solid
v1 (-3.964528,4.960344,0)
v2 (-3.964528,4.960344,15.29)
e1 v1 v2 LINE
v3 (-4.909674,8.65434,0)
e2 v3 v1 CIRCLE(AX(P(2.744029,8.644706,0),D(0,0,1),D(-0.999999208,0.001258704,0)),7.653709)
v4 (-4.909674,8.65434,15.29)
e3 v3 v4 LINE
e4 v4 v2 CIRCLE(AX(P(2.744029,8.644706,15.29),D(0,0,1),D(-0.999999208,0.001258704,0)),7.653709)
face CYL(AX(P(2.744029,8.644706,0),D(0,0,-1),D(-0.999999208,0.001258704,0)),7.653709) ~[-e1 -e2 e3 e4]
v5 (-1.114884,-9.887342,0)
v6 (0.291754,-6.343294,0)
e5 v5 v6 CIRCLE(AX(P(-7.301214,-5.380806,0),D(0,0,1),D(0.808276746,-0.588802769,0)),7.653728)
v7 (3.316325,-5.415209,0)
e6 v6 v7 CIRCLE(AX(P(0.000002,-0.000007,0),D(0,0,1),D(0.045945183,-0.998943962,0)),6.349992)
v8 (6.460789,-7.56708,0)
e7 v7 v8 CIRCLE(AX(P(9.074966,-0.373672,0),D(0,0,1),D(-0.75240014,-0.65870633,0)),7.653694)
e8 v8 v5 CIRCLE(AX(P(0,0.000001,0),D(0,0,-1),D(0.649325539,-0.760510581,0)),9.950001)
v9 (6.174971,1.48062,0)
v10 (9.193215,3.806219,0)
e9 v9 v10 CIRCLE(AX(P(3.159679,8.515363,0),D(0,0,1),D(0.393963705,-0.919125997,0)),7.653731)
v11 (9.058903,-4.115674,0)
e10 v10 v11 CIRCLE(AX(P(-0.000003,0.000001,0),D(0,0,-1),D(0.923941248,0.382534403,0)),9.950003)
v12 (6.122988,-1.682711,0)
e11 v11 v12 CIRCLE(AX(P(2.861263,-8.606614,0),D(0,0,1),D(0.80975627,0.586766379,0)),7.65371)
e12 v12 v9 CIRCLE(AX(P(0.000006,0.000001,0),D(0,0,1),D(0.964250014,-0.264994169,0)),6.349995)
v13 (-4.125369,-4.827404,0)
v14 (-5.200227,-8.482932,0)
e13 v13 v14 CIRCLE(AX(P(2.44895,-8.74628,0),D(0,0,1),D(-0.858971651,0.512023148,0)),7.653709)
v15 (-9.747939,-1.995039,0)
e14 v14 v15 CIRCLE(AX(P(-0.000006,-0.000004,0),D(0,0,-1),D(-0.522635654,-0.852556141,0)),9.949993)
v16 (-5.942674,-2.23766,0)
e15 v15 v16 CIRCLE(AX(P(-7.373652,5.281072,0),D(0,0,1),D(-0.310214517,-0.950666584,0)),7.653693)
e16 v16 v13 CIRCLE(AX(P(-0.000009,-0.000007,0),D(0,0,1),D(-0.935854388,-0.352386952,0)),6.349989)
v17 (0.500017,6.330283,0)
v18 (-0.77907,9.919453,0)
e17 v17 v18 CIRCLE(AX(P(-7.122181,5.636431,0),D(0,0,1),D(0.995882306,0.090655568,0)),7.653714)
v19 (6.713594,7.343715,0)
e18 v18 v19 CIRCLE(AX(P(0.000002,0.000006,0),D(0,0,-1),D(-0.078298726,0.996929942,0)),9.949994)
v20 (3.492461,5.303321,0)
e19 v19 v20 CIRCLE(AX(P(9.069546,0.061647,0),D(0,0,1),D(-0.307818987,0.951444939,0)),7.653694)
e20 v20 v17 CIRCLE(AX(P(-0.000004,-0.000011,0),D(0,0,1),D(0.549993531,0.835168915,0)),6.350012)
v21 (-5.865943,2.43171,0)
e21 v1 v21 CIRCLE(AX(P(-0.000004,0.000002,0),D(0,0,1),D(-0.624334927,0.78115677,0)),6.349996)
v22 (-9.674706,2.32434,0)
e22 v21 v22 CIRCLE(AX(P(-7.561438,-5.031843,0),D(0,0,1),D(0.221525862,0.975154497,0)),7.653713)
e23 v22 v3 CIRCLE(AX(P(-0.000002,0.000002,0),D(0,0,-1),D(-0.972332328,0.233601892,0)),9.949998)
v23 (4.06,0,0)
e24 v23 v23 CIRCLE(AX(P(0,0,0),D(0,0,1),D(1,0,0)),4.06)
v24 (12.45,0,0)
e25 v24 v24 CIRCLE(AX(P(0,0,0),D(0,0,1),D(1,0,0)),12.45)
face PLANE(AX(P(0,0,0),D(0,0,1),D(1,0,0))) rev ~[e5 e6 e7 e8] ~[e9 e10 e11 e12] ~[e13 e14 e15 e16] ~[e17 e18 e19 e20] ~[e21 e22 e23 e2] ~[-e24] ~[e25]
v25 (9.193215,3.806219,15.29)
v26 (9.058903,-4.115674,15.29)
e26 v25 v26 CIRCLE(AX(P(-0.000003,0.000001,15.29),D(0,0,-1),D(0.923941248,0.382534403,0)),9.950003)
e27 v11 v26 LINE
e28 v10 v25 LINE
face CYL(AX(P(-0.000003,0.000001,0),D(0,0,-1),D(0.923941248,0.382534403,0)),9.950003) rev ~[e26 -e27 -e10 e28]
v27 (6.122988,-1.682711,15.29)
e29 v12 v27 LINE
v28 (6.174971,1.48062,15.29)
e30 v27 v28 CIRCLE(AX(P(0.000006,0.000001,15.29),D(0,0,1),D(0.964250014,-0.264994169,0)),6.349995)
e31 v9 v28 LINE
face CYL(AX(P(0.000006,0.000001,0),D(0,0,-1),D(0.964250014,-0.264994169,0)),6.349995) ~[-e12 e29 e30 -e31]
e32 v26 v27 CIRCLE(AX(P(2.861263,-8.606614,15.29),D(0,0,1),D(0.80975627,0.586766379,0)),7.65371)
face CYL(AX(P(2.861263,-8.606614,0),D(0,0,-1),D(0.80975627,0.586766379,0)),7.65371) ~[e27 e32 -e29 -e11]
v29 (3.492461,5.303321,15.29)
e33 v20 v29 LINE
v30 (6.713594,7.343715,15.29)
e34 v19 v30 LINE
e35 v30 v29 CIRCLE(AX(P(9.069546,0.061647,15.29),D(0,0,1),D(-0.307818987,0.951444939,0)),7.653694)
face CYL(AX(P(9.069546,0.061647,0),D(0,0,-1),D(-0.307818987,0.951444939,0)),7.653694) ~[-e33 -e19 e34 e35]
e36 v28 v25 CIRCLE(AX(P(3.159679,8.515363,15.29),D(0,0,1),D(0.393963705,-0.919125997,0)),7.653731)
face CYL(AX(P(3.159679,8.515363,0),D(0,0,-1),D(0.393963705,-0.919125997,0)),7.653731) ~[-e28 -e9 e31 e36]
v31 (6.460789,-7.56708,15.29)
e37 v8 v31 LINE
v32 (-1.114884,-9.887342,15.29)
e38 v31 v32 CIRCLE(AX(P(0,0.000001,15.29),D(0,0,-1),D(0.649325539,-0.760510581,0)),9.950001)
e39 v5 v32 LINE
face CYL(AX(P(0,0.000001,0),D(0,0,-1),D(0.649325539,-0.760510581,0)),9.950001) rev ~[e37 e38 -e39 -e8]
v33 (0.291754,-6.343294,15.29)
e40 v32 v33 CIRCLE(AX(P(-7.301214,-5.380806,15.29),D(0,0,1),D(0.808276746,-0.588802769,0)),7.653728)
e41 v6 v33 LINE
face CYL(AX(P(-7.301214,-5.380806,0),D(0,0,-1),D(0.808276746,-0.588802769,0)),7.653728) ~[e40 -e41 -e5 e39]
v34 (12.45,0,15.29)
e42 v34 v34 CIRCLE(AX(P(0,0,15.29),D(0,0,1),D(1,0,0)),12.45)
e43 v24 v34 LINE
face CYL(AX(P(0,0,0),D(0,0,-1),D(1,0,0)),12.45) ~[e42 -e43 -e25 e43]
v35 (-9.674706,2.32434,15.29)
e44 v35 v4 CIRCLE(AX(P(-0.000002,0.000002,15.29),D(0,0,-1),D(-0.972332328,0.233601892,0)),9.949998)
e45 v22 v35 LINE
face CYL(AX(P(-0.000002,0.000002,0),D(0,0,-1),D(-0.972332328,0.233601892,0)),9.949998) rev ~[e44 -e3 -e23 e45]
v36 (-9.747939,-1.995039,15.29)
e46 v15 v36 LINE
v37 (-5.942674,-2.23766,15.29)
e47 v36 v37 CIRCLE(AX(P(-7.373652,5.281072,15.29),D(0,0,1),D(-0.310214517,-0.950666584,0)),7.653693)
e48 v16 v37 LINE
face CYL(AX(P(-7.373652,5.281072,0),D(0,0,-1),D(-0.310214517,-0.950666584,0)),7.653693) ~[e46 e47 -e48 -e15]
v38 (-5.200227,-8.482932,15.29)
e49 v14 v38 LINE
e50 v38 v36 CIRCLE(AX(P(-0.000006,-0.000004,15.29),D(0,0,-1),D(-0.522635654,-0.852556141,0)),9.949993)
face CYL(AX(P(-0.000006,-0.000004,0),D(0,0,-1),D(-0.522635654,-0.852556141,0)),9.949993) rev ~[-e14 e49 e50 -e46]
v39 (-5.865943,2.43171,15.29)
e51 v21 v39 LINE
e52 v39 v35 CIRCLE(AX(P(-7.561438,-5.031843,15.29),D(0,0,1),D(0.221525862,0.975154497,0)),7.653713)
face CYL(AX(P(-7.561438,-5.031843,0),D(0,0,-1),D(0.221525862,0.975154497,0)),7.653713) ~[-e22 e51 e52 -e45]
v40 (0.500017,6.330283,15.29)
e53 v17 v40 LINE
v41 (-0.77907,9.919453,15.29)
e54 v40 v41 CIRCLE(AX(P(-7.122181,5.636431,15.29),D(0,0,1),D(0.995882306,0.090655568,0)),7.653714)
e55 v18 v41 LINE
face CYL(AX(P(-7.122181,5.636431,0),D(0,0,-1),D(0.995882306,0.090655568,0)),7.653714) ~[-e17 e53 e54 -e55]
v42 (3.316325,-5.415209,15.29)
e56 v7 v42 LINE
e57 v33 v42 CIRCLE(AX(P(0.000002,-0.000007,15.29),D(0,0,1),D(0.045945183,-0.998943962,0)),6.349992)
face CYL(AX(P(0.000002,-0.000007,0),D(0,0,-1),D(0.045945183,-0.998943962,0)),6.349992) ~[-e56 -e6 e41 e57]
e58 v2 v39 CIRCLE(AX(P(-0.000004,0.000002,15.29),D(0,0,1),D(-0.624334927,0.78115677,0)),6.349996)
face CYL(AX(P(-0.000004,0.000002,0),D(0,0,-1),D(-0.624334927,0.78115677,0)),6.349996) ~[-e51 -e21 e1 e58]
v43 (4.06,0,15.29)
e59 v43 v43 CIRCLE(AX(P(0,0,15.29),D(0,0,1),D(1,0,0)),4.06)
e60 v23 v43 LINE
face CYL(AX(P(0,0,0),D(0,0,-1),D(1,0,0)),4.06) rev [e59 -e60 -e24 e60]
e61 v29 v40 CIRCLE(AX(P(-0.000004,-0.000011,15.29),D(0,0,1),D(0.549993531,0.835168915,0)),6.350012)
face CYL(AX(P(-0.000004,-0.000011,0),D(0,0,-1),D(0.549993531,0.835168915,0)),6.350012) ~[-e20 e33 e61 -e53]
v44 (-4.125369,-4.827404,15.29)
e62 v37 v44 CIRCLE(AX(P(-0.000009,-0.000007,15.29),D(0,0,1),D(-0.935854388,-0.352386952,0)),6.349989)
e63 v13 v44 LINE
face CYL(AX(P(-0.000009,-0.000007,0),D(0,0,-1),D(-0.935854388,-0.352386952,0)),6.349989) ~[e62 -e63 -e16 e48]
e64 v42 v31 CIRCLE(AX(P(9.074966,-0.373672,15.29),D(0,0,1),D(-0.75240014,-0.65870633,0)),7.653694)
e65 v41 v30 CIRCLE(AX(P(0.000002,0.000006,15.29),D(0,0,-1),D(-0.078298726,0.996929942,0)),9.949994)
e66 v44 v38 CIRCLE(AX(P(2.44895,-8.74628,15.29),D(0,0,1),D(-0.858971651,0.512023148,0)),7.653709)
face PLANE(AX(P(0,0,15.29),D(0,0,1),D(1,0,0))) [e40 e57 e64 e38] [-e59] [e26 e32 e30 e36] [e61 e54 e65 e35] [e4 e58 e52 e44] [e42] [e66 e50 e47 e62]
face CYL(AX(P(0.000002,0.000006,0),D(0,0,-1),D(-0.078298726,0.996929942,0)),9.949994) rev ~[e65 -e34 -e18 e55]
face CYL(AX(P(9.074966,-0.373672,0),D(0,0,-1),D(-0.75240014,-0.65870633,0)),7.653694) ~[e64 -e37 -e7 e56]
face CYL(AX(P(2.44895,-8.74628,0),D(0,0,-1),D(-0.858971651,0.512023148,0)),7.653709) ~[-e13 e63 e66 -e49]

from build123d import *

# Parameters (mm, degrees)
F0_R     = 12.45
F0_R_2   = 4.06
F1_DEPTH = 15.29


with BuildPart() as f1:
    # F0 (on Top) → F1 (new body)
    with BuildSketch(Plane.XY):
        Circle(F0_R)
        with BuildLine():
            ThreePointArc((-5.200227, -8.482932), (-8.147706, -5.711164), (-9.747939, -1.995039))
            ThreePointArc((-9.747939, -1.995039), (-7.860658, -2.357112), (-5.942674, -2.23766))
            ThreePointArc((-5.942674, -2.23766), (-5.197891, -3.647524), (-4.125369, -4.827404))
            ThreePointArc((-4.125369, -4.827404), (-4.893916, -6.587211), (-5.200227, -8.482932))
        make_face(mode=Mode.SUBTRACT)
        Circle(F0_R_2, mode=Mode.SUBTRACT)
        with BuildLine():
            ThreePointArc((6.460789, -7.56708), (2.91386, -9.513775), (-1.114884, -9.887342))
            ThreePointArc((-1.114884, -9.887342), (-0.187331, -8.204317), (0.291754, -6.343294))
            ThreePointArc((0.291754, -6.343294), (1.862765, -6.070635), (3.316325, -5.415209))
            ThreePointArc((3.316325, -5.415209), (4.752506, -6.689951), (6.460789, -7.56708))
        make_face(mode=Mode.SUBTRACT)
        with BuildLine():
            ThreePointArc((9.193215, 3.806219), (9.94857, -0.168673), (9.058903, -4.115674))
            ThreePointArc((9.058903, -4.115674), (7.744881, -2.713435), (6.122988, -1.682711))
            ThreePointArc((6.122988, -1.682711), (6.349143, -0.104335), (6.174971, 1.48062))
            ThreePointArc((6.174971, 1.48062), (7.831127, 2.452594), (9.193215, 3.806219))
        make_face(mode=Mode.SUBTRACT)
        with BuildLine():
            ThreePointArc((-9.674706, 2.32434), (-7.949419, 5.984082), (-4.909674, 8.65434))
            ThreePointArc((-4.909674, 8.65434), (-4.670823, 6.747542), (-3.964528, 4.960344))
            ThreePointArc((-3.964528, 4.960344), (-5.075238, 3.816341), (-5.865943, 2.43171))
            ThreePointArc((-5.865943, 2.43171), (-7.777113, 2.618831), (-9.674706, 2.32434))
        make_face(mode=Mode.SUBTRACT)
        with BuildLine():
            ThreePointArc((-0.77907, 9.919453), (3.234695, 9.40953), (6.713594, 7.343715))
            ThreePointArc((6.713594, 7.343715), (4.97393, 6.527322), (3.492461, 5.303321))
            ThreePointArc((3.492461, 5.303321), (2.061221, 6.006152), (0.500017, 6.330283))
            ThreePointArc((0.500017, 6.330283), (0.087396, 8.205737), (-0.77907, 9.919453))
        make_face(mode=Mode.SUBTRACT)
    extrude(amount=F1_DEPTH)


solid = f1.part
